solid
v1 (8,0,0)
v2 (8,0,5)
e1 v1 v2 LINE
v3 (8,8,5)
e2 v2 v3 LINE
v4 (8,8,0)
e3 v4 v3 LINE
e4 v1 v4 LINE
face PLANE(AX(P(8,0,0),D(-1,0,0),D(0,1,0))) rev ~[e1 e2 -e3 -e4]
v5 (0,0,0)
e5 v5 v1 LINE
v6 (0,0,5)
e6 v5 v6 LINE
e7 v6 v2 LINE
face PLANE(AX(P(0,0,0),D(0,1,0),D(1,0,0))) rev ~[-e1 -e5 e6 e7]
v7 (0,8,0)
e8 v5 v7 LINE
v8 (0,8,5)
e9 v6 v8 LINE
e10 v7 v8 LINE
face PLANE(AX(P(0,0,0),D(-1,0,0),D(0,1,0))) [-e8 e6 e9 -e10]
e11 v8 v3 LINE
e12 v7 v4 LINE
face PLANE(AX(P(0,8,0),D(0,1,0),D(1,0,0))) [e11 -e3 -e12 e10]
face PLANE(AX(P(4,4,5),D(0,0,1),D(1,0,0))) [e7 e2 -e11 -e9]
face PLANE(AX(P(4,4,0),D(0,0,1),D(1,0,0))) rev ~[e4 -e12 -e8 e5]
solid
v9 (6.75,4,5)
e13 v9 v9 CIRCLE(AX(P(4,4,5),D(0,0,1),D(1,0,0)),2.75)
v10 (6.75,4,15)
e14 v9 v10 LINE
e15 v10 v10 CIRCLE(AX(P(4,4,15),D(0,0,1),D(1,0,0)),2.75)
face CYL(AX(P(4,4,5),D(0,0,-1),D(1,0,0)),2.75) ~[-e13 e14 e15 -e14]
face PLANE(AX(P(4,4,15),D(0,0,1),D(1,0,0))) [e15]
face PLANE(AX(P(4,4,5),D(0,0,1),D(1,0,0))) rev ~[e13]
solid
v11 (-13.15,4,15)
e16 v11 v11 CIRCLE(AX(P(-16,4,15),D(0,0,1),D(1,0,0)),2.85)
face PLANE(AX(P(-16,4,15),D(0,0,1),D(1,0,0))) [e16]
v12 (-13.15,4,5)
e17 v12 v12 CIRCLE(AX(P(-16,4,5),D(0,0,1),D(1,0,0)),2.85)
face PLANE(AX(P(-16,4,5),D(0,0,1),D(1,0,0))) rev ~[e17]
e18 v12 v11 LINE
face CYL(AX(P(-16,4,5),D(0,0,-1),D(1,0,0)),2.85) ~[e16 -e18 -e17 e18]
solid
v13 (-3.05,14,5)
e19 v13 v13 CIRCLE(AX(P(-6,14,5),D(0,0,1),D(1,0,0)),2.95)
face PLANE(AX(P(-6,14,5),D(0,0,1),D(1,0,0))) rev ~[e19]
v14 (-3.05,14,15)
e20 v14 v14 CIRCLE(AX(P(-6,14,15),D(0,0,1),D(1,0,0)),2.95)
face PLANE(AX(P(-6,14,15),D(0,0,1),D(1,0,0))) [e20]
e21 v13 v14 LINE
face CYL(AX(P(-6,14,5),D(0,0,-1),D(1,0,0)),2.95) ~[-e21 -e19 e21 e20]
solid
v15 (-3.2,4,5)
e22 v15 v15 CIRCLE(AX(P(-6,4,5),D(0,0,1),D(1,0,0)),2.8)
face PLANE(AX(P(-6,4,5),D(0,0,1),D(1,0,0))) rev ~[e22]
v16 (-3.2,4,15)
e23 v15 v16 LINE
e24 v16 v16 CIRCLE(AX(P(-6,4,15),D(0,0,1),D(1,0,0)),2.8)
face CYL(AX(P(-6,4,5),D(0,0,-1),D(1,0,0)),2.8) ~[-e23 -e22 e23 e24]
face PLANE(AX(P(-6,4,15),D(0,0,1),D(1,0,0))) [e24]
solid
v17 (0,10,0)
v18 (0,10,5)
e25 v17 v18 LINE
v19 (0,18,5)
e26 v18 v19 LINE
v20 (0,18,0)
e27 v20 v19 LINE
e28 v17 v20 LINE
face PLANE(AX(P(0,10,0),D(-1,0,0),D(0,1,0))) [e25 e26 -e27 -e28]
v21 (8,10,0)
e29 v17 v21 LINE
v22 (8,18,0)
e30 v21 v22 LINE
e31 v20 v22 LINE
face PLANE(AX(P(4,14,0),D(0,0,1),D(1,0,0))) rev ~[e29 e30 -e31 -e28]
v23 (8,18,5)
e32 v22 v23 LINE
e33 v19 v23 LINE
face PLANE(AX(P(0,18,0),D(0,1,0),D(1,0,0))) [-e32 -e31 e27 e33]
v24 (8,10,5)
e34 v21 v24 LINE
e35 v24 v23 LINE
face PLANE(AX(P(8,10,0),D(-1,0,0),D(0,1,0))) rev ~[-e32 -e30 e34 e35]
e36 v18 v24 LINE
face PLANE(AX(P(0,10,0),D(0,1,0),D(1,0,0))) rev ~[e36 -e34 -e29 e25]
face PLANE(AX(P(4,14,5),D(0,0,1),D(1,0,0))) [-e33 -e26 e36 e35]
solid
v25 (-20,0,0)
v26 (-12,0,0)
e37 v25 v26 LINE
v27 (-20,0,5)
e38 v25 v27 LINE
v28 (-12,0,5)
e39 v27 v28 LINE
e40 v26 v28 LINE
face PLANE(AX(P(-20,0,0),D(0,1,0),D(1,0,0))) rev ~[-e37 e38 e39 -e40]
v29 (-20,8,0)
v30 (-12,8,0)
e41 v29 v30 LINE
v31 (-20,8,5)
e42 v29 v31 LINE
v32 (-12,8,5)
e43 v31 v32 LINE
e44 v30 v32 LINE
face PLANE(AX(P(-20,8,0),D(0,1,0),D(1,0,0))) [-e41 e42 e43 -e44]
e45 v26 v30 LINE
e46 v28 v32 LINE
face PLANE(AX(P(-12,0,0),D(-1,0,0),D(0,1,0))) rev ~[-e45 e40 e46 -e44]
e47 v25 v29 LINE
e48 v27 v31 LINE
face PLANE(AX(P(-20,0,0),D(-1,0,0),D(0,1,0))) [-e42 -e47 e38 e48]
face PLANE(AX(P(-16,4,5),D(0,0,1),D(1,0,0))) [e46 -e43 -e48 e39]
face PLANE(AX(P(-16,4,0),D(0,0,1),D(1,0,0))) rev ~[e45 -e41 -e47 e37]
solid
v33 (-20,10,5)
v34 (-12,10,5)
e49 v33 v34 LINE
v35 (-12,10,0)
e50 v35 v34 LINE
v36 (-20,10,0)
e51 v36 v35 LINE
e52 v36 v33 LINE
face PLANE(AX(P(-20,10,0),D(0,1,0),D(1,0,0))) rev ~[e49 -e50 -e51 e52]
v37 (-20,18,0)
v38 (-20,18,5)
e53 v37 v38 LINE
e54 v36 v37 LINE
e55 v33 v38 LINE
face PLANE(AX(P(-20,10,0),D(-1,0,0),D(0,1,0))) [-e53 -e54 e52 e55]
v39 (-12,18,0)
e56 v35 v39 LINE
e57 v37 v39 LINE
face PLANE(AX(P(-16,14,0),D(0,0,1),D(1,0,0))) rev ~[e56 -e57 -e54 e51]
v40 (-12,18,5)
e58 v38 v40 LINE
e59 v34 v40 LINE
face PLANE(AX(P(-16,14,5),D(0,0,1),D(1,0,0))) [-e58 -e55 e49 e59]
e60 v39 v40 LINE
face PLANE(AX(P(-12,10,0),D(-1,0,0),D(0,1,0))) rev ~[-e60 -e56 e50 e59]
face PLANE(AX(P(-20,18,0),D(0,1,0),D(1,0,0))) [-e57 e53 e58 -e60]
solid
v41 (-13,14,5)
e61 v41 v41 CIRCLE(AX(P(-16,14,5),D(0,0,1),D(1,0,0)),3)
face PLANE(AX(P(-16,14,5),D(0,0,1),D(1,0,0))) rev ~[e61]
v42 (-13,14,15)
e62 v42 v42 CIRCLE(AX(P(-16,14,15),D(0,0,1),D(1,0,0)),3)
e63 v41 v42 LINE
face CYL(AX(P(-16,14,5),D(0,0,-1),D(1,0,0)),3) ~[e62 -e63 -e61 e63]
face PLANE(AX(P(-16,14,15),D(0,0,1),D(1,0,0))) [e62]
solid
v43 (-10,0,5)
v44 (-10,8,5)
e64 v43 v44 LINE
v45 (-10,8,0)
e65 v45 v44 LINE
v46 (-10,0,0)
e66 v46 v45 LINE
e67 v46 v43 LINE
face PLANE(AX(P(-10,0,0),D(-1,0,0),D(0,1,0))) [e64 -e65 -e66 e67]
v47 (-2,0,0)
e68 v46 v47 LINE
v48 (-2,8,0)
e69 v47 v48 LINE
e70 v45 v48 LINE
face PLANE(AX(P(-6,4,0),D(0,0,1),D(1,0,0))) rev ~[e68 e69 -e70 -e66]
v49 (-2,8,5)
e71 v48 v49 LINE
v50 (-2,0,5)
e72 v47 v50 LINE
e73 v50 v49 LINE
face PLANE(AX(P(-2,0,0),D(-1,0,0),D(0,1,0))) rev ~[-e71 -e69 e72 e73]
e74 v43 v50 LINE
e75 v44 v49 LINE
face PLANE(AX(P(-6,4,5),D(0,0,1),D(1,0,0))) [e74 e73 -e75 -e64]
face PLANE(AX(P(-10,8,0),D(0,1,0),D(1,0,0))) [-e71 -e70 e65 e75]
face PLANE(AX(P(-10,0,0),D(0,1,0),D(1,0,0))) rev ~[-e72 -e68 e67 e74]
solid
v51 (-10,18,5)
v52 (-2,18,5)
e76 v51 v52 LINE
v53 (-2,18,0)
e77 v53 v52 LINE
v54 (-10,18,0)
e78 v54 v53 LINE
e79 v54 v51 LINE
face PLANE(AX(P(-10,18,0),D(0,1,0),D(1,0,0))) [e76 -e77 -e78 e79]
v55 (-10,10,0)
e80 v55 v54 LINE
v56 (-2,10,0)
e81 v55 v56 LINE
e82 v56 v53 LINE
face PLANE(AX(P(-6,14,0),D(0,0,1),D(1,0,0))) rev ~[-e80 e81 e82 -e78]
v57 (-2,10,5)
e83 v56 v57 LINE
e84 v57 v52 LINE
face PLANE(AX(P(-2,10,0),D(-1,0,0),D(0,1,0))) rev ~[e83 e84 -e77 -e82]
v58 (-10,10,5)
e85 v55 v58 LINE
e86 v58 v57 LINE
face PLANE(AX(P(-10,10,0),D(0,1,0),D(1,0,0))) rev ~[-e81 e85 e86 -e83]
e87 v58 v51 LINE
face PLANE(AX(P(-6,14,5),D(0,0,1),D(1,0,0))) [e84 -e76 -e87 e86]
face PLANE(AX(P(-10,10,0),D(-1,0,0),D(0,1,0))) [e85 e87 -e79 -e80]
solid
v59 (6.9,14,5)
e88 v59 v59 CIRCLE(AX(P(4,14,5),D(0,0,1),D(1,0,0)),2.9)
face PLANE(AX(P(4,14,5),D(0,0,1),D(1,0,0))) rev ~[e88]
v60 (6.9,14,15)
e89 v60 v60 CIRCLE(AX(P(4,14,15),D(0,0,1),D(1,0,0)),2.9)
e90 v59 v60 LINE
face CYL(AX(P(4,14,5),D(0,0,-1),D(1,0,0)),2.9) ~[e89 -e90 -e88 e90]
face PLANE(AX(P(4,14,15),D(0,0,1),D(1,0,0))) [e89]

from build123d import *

# Parameters (mm, degrees)
F0_W     = 8
F0_H     = 8
F1_DEPTH = 5
F2_R     = 3
F2_R_2   = 2.95
F2_R_3   = 2.9
F2_R_4   = 2.85
F2_R_5   = 2.8
F2_R_6   = 2.75
F3_DEPTH = 10


with BuildPart() as f1:
    # F0 (on Top) → F1 (new body)
    with BuildSketch(Plane.XY):
        with Locations((4, 4)):
            Rectangle(F0_W, F0_H)
        with Locations((-6, 4)):
            Rectangle(F0_W, F0_H)
        with Locations((-16, 4)):
            Rectangle(F0_W, F0_H)
        with Locations((4, 14)):
            Rectangle(F0_W, F0_H)
        with Locations((-6, 14)):
            Rectangle(F0_W, F0_H)
        with Locations((-16, 14)):
            Rectangle(F0_W, F0_H)
    extrude(amount=F1_DEPTH)


with BuildPart() as f3:
    # F2 (on face) → F3 (new body)
    with BuildSketch(Plane.XY.offset(5)):
        with Locations((-16, 14)):
            Circle(F2_R)
        with Locations((-6, 14)):
            Circle(F2_R_2)
        with Locations((4, 14)):
            Circle(F2_R_3)
        with Locations((-16, 4)):
            Circle(F2_R_4)
        with Locations((-6, 4)):
            Circle(F2_R_5)
        with Locations((4, 4)):
            Circle(F2_R_6)
    extrude(amount=F3_DEPTH)


solid = Compound([f1.part, f3.part])
